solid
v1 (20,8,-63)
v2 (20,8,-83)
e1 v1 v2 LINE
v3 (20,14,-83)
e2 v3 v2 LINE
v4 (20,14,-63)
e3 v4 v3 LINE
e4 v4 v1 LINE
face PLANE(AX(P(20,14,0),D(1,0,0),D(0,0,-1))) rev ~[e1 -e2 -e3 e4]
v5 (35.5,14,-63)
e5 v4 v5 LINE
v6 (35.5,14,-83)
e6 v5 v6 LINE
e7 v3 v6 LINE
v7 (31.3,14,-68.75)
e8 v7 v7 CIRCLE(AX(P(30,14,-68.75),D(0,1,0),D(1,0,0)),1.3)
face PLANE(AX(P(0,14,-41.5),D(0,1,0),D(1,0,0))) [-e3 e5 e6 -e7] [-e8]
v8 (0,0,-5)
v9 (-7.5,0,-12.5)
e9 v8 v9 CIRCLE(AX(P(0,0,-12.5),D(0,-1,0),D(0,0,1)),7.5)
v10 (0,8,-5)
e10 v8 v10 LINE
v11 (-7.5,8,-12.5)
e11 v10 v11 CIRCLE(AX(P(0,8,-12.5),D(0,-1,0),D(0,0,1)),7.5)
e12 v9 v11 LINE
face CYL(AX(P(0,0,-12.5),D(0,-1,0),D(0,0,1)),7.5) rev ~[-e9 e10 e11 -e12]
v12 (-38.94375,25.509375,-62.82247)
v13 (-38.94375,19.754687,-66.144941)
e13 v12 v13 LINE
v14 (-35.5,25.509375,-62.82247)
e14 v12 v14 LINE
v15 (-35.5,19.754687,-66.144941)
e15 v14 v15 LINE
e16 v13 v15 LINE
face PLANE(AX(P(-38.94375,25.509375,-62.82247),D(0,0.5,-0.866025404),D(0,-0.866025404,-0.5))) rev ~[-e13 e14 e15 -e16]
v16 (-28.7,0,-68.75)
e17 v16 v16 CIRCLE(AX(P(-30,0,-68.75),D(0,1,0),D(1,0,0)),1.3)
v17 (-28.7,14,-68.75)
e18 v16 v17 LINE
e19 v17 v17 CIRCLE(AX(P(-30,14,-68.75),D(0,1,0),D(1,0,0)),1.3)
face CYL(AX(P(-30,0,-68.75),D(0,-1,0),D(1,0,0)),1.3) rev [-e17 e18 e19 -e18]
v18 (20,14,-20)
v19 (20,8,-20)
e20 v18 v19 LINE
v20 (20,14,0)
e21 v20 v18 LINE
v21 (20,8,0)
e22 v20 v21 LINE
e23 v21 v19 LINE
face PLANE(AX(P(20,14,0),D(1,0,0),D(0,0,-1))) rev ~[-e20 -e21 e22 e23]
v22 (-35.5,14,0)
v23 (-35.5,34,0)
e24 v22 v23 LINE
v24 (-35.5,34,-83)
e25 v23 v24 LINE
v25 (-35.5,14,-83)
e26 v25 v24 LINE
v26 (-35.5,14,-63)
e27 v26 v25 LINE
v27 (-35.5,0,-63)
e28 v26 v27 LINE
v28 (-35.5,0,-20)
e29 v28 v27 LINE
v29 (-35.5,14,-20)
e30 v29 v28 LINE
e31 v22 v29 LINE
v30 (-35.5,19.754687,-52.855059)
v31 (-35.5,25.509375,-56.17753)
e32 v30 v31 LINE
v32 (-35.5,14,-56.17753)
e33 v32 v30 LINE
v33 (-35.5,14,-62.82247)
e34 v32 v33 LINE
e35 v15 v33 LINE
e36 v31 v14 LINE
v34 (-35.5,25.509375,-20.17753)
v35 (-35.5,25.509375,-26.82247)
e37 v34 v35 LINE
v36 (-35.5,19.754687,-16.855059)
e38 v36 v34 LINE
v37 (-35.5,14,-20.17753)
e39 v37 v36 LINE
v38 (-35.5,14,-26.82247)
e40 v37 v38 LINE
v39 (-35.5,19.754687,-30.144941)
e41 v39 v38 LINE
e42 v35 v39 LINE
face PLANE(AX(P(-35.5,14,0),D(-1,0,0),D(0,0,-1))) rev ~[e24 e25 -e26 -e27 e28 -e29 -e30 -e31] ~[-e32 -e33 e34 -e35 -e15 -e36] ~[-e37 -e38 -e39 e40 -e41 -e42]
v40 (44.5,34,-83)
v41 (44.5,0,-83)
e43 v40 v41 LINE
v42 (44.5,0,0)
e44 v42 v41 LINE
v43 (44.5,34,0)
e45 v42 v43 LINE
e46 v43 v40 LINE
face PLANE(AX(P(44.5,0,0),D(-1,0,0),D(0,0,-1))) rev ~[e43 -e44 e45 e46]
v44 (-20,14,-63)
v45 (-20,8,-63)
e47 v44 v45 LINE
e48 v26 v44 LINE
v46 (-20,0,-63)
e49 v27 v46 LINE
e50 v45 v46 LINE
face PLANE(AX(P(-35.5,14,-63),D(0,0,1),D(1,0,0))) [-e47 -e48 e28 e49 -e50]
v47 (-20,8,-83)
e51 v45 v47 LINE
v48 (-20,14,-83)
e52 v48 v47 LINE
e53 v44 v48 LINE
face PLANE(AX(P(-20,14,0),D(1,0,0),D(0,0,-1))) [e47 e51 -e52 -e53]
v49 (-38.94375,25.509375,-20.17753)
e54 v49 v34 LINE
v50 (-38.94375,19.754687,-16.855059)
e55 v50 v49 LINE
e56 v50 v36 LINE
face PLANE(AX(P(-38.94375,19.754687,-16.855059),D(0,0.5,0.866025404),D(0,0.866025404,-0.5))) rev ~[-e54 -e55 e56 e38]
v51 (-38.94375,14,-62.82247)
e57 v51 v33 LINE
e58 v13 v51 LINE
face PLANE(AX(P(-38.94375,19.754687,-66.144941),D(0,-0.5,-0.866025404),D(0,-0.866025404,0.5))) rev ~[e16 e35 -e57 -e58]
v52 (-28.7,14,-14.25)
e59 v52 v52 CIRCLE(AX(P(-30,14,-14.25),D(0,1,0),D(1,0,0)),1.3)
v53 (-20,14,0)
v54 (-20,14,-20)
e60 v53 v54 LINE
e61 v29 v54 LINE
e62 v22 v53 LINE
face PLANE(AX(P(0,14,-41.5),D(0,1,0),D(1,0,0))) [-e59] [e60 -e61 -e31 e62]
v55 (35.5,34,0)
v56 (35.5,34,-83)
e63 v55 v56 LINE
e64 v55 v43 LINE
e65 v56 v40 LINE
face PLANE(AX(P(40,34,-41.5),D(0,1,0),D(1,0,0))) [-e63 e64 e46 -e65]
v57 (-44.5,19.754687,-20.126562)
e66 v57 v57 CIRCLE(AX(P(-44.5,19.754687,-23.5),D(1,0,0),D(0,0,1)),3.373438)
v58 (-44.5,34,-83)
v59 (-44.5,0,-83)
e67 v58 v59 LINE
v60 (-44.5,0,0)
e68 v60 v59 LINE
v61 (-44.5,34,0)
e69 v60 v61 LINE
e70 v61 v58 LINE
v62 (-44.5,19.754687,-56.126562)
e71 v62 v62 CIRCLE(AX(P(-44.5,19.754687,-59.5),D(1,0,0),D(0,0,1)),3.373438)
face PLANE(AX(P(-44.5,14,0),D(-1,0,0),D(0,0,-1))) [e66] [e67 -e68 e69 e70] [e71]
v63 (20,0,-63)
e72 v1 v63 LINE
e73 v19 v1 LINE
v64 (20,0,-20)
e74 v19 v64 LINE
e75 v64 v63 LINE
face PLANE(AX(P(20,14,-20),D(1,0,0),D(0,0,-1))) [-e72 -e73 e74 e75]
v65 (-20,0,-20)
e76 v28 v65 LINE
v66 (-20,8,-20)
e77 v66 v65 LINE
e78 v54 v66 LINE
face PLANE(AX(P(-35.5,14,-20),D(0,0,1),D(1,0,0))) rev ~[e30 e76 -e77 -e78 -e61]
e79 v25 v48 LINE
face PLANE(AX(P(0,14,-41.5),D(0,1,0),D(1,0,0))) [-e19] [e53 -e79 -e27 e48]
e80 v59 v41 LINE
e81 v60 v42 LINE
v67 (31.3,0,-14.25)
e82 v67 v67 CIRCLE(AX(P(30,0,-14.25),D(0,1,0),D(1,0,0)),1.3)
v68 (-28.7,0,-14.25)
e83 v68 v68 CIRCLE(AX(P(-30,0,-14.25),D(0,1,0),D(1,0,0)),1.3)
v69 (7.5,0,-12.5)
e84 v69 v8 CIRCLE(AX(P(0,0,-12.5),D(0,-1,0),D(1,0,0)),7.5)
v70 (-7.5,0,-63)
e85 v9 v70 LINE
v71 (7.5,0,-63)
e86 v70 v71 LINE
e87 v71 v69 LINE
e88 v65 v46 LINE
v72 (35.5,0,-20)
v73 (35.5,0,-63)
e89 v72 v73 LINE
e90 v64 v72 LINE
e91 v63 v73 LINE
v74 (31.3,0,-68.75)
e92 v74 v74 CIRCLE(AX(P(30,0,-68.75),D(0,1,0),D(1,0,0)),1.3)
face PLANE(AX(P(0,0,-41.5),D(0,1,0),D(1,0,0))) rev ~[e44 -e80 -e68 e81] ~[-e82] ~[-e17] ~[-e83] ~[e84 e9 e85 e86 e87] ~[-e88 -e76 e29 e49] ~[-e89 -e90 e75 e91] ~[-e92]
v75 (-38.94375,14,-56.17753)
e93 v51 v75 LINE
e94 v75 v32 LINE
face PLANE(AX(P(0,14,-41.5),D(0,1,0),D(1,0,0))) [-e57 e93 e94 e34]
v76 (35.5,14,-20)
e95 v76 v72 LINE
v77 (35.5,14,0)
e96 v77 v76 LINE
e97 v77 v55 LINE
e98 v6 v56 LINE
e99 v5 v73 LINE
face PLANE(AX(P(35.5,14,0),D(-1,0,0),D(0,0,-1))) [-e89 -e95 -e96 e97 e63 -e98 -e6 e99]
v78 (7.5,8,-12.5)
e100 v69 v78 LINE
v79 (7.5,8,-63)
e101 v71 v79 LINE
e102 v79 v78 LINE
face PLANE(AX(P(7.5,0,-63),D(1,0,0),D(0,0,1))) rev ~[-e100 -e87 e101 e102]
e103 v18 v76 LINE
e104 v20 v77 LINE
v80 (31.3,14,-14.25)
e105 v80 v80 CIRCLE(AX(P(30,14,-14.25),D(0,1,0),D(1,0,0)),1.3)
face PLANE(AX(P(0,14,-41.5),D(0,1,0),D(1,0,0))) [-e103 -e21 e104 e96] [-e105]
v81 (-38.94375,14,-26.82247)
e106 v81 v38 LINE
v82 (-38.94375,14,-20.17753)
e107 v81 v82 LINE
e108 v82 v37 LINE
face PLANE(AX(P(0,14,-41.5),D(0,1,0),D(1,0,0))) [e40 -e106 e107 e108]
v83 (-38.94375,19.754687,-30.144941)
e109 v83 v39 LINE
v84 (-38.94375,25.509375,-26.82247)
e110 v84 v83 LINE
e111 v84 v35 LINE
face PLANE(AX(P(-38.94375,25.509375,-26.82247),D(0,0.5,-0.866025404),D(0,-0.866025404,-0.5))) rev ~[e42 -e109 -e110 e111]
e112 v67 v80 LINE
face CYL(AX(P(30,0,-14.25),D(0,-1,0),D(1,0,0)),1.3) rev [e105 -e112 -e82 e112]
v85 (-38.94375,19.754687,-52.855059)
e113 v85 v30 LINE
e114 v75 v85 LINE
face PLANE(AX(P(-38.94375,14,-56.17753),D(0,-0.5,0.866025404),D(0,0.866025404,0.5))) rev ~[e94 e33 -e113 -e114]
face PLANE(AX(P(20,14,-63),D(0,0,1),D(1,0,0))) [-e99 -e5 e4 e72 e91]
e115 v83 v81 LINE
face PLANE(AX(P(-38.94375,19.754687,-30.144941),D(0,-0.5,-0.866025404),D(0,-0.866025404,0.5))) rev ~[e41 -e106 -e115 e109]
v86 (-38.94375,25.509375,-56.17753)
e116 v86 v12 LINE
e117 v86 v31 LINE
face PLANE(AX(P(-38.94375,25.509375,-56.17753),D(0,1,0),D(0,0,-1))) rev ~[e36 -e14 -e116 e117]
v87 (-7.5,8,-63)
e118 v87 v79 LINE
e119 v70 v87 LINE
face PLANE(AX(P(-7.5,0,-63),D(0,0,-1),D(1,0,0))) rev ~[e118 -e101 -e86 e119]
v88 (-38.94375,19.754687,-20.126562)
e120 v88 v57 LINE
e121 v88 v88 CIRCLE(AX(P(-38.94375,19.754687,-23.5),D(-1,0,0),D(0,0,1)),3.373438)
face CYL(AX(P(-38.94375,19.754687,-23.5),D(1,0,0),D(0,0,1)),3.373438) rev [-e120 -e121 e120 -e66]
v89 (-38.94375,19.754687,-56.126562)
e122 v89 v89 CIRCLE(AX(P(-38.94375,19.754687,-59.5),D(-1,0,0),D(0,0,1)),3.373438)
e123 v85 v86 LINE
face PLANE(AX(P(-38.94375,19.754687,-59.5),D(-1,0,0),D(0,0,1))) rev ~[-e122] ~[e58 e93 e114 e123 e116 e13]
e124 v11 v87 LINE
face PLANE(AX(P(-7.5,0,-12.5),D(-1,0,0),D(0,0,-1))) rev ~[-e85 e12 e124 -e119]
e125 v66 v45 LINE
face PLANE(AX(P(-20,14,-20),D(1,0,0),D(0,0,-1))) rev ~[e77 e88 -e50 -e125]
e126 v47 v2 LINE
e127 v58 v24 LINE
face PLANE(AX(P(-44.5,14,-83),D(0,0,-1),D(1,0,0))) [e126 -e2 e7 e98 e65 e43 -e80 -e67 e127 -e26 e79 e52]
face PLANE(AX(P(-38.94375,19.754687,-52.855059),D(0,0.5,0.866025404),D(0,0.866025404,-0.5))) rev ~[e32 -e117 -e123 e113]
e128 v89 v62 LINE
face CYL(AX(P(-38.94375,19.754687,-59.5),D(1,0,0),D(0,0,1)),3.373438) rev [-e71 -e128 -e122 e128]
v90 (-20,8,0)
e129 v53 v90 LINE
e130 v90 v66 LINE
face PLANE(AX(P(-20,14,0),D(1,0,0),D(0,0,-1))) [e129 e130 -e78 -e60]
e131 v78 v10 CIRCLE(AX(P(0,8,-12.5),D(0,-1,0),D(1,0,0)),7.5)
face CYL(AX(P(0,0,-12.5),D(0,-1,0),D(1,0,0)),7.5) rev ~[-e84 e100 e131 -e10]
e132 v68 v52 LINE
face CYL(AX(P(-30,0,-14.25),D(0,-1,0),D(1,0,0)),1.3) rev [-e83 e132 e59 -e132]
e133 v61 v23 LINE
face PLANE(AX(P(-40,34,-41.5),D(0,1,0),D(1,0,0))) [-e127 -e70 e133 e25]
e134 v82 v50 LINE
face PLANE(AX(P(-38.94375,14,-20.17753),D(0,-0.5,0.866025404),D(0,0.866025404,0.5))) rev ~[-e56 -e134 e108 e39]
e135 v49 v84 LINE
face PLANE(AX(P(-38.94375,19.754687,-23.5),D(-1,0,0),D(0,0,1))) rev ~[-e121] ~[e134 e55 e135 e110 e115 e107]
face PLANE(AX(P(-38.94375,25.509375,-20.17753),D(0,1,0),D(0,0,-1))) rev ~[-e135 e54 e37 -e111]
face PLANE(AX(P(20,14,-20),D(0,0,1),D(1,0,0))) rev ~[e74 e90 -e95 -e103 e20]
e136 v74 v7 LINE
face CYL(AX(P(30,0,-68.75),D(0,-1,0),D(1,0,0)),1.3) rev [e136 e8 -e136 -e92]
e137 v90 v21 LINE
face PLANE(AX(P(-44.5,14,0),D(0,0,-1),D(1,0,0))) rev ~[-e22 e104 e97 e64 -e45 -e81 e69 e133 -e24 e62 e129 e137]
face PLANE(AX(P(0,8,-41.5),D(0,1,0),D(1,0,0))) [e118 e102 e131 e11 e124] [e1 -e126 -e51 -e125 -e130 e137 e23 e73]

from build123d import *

# Parameters (mm, degrees)
SKETCH1_W                = 89
SKETCH1_H                = 83
SKETCH1_R                = 1.3
MAIN_BODY_DEPTH          = 14
SKETCH2_W                = 40
SKETCH2_H                = 83
SCREW_GROOVE_DEPTH       = 6
SKETCH4_W                = 9
SKETCH4_H                = 83
MOUNT_LIFT_DEPTH         = 20
MOUNT_START              = -5.55625
MOUNT_NUTS_DEPTH         = 18.94375
F_9_32_MOUNT_HOLES_REACH = 7.556
SKETCH5_R                = 3.3734375
SKETCH8_W                = 15.5
SKETCH8_H                = 43
MIDDLE_CUT_DEPTH         = 14


with BuildPart() as part:
    # Sketch1 → Main Body (new body)
    with BuildSketch(Plane(origin=(0, 0, 0), x_dir=(1, 0, 0), z_dir=(0, 1, 0))):
        with Locations((0, 41.5)):
            Rectangle(SKETCH1_W, SKETCH1_H)
        with Locations((-30, 14.25)):
            Circle(SKETCH1_R, mode=Mode.SUBTRACT)
        with Locations((30, 14.25)):
            Circle(SKETCH1_R, mode=Mode.SUBTRACT)
        with BuildLine():
            ThreePointArc((0, 5), (-5.303300859, 7.196699141), (-7.5, 12.5))
            Line((-7.5, 12.5), (-7.5, 63))
            Line((-7.5, 63), (7.5, 63))
            Line((7.5, 63), (7.5, 12.5))
            ThreePointArc((7.5, 12.5), (5.303300859, 7.196699141), (0, 5))
        make_face(mode=Mode.SUBTRACT)
        with Locations((-30, 68.75)):
            Circle(SKETCH1_R, mode=Mode.SUBTRACT)
        with Locations((30, 68.75)):
            Circle(SKETCH1_R, mode=Mode.SUBTRACT)
    extrude(amount=MAIN_BODY_DEPTH)

    # Sketch2 → Screw Groove (cut)
    with BuildSketch(Plane(origin=(0, 14, 0), x_dir=(1, 0, 0), z_dir=(0, 1, 0))):
        with Locations((0, 41.5)):
            Rectangle(SKETCH2_W, SKETCH2_H)
    extrude(amount=-SCREW_GROOVE_DEPTH, mode=Mode.SUBTRACT)

    # Sketch4 → Mount Lift (add)
    with BuildSketch(Plane(origin=(0, 14, 0), x_dir=(1, 0, 0), z_dir=(0, 1, 0))):
        with Locations((-40, 41.5)):
            Rectangle(SKETCH4_W, SKETCH4_H)
        with Locations((40, 41.5)):
            Rectangle(SKETCH4_W, SKETCH4_H)
    extrude(amount=MOUNT_LIFT_DEPTH)

    # Sketch6 → Mount Nuts (cut)
    with BuildSketch(Plane.ZY.offset(44.5).offset(MOUNT_START)):
        Polygon((-52.855059246, 19.7546875), (-56.177529623, 25.509375), (-62.822470377, 25.509375), (-66.144940754, 19.7546875), (-62.822470377, 14), (-56.177529623, 14), align=None)
        Polygon((-16.855059246, 19.7546875), (-20.177529623, 25.509375), (-26.822470377, 25.509375), (-30.144940754, 19.7546875), (-26.822470377, 14), (-20.177529623, 14), align=None)
    extrude(amount=-MOUNT_NUTS_DEPTH, mode=Mode.SUBTRACT)

    # Sketch5 → 9/32 Mount Holes (cut, up to next)
    with BuildSketch(Plane.ZY.offset(38.94375), mode=Mode.PRIVATE) as f_9_32_mount_holes_sk1:
        with Locations((-59.5, 19.7546875)):
            Circle(SKETCH5_R)
    f_9_32_mount_holes_tool1 = extrude(f_9_32_mount_holes_sk1.sketch, amount=F_9_32_MOUNT_HOLES_REACH, mode=Mode.PRIVATE) & part.part
    add(f_9_32_mount_holes_tool1.solids().sort_by_distance((-38.94375, 19.754688, -59.5))[0], mode=Mode.SUBTRACT)
    # Sketch5 → 9/32 Mount Holes (cut, up to next)
    with BuildSketch(Plane.ZY.offset(38.94375), mode=Mode.PRIVATE) as f_9_32_mount_holes_sk2:
        with Locations((-23.5, 19.7546875)):
            Circle(SKETCH5_R)
    f_9_32_mount_holes_tool2 = extrude(f_9_32_mount_holes_sk2.sketch, amount=F_9_32_MOUNT_HOLES_REACH, mode=Mode.PRIVATE) & part.part
    add(f_9_32_mount_holes_tool2.solids().sort_by_distance((-38.94375, 19.754688, -23.5))[0], mode=Mode.SUBTRACT)

    # Sketch8 → Middle Cut (cut)
    with BuildSketch(Plane(origin=(0, 14, 0), x_dir=(1, 0, 0), z_dir=(0, 1, 0))):
        with Locations((-27.75, 41.5)):
            Rectangle(SKETCH8_W, SKETCH8_H)
        with Locations((27.75, 41.5)):
            Rectangle(SKETCH8_W, SKETCH8_H)
    extrude(amount=-MIDDLE_CUT_DEPTH, mode=Mode.SUBTRACT)


solid = part.part
